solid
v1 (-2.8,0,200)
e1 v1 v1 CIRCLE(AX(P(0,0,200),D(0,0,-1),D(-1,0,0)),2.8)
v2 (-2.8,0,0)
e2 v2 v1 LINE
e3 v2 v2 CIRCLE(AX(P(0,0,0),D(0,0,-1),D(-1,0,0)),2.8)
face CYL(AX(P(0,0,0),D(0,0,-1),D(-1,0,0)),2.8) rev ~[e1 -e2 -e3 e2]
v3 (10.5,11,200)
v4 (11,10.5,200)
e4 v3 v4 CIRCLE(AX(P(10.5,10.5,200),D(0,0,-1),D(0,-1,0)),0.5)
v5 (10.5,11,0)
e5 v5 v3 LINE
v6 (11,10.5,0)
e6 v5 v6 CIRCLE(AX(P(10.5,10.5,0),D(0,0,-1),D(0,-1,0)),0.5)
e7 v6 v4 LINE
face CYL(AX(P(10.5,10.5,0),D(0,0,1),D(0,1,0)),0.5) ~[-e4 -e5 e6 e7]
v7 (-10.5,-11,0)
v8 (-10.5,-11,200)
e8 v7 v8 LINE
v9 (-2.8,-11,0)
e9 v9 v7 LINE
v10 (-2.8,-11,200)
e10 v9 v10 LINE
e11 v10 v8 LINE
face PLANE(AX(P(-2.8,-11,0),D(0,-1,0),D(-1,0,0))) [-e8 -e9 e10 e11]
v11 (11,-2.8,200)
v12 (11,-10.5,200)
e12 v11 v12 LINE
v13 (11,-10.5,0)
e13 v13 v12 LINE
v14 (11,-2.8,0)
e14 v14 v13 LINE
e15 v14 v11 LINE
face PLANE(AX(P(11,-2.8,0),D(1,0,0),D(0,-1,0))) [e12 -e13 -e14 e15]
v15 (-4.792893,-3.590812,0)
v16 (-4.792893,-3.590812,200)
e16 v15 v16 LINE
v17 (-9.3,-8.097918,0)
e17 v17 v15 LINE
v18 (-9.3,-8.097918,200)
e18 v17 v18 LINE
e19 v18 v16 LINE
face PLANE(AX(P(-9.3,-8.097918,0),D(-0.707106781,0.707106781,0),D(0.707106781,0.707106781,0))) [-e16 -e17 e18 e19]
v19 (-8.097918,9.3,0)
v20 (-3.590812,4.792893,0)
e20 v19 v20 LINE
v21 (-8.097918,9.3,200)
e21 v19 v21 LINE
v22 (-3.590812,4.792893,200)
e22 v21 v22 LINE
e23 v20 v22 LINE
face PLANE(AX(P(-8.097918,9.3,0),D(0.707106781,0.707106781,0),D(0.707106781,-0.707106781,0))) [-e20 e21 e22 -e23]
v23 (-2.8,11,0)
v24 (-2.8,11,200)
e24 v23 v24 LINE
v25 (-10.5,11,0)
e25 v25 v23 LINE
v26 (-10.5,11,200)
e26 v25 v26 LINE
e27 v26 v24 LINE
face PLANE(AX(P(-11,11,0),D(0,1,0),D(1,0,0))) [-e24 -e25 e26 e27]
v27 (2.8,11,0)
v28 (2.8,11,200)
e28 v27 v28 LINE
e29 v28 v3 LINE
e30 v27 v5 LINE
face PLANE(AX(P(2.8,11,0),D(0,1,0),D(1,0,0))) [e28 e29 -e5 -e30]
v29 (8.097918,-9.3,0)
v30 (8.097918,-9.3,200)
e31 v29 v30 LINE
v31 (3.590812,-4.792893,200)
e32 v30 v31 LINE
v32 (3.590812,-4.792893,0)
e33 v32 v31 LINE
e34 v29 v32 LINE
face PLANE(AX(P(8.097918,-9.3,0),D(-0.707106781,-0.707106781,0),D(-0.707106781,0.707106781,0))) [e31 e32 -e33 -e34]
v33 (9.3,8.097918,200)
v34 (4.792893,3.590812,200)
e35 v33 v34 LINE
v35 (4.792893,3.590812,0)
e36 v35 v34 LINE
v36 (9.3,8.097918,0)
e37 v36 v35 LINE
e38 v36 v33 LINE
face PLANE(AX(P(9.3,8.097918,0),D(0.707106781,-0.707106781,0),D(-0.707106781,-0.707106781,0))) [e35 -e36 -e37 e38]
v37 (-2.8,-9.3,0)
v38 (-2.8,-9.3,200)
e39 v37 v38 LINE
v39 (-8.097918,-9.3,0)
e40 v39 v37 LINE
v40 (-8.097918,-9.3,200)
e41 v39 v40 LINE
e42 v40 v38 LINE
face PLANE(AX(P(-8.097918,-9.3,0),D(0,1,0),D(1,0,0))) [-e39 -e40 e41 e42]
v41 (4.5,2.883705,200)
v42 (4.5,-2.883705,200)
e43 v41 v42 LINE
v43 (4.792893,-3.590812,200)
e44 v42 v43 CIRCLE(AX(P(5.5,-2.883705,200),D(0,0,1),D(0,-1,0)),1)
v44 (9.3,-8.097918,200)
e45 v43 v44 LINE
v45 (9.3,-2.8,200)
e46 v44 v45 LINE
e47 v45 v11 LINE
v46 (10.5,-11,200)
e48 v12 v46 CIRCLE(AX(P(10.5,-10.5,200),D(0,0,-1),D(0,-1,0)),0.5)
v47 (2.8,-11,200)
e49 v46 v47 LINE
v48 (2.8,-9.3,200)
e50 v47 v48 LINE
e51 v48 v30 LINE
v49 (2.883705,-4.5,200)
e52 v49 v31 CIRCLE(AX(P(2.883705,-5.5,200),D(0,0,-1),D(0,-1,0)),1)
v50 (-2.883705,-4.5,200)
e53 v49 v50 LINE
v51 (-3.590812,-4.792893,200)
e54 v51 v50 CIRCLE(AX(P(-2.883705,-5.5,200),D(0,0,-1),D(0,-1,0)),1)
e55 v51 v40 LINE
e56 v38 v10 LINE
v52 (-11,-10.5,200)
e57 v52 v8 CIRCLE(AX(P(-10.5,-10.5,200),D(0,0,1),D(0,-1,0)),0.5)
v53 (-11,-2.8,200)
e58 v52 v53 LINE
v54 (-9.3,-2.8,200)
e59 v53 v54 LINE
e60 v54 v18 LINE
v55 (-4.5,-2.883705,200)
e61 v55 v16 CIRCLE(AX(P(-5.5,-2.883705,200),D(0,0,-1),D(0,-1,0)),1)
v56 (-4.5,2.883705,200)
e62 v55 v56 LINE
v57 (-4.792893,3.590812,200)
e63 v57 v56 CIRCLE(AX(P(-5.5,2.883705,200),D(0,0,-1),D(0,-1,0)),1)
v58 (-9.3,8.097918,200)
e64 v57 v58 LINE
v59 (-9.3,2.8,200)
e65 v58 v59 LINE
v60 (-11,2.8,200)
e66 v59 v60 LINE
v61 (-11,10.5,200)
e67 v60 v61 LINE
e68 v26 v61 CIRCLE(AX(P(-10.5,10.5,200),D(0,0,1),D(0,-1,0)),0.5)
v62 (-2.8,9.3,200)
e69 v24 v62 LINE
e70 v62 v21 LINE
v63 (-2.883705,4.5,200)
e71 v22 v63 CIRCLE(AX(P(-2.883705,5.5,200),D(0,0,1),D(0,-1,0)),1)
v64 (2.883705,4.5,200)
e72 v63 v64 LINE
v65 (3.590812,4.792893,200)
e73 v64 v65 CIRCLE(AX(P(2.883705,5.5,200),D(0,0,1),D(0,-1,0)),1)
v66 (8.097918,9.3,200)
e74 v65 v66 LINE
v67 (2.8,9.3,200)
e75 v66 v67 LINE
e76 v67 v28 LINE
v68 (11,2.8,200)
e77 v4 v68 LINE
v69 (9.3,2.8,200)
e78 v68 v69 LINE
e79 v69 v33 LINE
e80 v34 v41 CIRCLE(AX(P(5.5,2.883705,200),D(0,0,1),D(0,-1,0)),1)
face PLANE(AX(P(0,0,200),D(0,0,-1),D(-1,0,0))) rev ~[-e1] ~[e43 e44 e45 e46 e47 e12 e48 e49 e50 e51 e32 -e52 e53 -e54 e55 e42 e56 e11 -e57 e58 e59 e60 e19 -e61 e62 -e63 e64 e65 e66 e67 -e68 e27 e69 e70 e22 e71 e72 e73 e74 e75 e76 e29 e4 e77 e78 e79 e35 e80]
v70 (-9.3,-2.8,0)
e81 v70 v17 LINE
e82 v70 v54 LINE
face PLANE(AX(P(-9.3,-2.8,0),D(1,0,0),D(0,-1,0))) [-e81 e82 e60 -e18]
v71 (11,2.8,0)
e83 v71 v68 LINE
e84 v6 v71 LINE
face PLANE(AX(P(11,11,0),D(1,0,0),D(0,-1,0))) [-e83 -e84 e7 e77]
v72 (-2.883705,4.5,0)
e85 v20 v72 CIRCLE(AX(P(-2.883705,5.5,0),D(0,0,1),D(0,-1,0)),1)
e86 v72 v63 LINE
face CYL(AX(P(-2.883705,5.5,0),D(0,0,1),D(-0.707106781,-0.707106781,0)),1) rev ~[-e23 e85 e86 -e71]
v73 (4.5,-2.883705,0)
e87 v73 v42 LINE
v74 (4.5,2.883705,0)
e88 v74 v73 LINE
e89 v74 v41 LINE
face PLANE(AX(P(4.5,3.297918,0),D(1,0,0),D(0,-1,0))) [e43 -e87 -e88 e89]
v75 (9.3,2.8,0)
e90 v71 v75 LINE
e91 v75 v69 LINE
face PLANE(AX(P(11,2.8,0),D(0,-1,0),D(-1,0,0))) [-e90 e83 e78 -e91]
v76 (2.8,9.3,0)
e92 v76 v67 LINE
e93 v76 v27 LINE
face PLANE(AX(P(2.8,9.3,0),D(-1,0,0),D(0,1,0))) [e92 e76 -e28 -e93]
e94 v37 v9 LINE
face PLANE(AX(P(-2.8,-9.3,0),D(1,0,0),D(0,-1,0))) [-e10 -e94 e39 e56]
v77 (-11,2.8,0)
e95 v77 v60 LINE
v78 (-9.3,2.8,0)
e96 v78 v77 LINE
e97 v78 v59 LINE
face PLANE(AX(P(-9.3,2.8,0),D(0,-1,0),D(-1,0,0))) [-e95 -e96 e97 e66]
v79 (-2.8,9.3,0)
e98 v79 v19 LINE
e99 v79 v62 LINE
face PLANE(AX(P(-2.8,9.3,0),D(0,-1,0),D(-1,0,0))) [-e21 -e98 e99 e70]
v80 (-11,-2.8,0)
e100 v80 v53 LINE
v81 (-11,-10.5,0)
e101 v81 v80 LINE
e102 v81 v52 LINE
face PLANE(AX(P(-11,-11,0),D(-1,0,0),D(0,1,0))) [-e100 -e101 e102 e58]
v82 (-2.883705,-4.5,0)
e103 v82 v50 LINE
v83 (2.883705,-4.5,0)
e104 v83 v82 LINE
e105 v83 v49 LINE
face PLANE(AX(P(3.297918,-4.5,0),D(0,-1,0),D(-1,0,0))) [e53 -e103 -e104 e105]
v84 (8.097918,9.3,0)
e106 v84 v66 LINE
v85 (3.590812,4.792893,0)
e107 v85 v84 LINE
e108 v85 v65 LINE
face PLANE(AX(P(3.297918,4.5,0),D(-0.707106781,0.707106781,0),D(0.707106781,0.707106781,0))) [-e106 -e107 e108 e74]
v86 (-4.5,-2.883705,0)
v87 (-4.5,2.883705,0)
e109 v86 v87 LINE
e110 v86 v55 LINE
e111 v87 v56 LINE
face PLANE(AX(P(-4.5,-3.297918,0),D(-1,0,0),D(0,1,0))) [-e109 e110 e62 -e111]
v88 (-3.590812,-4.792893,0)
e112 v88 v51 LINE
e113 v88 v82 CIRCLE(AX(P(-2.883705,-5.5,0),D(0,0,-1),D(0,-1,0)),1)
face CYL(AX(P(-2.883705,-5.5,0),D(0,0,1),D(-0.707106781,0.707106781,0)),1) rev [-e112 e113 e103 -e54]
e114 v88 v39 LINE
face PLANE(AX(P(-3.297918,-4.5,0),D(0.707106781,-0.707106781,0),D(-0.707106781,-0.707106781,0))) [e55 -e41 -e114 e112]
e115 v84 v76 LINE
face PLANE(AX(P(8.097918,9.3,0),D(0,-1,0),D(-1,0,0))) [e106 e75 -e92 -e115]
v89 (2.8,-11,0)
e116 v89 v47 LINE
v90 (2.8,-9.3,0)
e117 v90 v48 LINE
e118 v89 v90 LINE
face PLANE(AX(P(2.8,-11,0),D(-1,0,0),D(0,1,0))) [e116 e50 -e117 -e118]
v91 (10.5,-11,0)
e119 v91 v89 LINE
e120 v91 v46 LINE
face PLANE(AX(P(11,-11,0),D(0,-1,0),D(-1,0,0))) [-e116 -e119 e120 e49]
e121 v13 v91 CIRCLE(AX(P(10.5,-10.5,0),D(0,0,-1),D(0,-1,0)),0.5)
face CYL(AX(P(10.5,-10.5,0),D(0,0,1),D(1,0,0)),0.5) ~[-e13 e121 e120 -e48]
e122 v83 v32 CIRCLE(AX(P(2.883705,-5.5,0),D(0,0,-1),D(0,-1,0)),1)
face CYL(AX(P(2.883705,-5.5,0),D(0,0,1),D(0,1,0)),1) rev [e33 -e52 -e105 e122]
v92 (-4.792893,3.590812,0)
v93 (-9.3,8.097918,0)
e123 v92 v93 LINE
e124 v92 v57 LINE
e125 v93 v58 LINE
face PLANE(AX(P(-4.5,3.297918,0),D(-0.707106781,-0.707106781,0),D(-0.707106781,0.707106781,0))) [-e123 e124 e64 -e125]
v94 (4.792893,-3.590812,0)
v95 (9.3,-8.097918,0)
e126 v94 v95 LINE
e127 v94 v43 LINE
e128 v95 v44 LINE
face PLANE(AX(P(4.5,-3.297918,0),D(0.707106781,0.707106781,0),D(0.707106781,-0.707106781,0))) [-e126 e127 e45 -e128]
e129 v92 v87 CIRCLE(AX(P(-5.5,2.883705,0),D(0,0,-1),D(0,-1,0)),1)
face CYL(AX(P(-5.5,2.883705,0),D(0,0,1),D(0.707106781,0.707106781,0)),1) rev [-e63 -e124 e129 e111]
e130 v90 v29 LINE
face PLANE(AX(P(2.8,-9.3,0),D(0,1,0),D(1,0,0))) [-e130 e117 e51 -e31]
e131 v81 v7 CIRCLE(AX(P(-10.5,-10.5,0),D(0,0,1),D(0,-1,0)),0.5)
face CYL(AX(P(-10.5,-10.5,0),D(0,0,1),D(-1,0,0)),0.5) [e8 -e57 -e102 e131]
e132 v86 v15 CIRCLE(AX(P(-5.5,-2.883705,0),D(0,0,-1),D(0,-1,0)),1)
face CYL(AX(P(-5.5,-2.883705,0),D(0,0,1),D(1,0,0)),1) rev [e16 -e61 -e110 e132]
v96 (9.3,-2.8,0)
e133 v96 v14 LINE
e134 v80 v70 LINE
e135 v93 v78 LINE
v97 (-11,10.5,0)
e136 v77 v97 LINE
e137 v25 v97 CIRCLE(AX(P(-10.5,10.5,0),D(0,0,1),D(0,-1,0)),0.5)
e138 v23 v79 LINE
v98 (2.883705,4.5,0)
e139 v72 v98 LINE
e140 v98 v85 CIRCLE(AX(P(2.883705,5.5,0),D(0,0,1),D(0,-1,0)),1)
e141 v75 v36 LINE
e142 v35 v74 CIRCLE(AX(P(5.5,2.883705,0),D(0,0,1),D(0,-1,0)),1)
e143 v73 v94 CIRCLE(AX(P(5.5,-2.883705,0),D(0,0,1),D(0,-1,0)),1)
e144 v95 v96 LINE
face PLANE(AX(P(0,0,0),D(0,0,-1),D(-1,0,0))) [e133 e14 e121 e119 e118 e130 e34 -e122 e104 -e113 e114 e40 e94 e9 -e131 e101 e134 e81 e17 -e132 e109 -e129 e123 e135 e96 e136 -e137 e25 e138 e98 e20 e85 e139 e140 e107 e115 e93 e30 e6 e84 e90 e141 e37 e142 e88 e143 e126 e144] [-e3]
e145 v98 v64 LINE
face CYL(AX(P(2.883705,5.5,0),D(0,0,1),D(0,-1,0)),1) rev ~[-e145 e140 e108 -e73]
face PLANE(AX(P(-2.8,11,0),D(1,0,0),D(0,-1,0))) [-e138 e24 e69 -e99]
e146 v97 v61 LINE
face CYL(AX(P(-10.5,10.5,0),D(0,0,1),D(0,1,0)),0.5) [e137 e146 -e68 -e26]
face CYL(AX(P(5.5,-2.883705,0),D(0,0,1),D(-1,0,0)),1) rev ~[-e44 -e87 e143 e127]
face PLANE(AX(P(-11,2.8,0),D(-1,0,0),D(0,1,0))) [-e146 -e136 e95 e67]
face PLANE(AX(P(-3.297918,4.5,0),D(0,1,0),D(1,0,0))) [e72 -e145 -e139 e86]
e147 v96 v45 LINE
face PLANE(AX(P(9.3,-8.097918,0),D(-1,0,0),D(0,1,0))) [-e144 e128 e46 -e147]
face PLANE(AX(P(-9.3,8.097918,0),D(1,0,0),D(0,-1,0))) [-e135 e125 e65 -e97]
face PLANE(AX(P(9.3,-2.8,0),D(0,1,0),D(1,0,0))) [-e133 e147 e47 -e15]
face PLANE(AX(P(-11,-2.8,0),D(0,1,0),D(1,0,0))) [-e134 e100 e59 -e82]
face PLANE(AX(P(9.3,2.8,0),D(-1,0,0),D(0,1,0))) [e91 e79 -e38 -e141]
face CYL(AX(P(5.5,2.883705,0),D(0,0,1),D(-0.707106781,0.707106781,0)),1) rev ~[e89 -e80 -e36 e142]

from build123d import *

# Parameters (mm, degrees)
EXTRUSION1_DEPTH        = 200
ESQUISSE2_R             = 2.8
ENL_V_MAT_EXTRU_1_DEPTH = 201
CONG_1_R                = 0.5
CONG_2_R                = 1


with BuildPart() as part:
    # Esquisse1 → Extrusion1 (new body)
    with BuildSketch(Plane.XY):
        Polygon((-2.8, 11), (-2.8, 9.3), (-8.097918472, 9.3), (-3.297918472, 4.5), (3.297918472, 4.5), (8.097918472, 9.3), (2.8, 9.3), (2.8, 11), (11, 11), (11, 2.8), (9.3, 2.8), (9.3, 8.097918472), (4.5, 3.297918472), (4.5, -3.297918472), (9.3, -8.097918472), (9.3, -2.8), (11, -2.8), (11, -11), (2.8, -11), (2.8, -9.3), (8.097918472, -9.3), (3.297918472, -4.5), (-3.297918472, -4.5), (-8.097918472, -9.3), (-2.8, -9.3), (-2.8, -11), (-11, -11), (-11, -2.8), (-9.3, -2.8), (-9.3, -8.097918472), (-4.5, -3.297918472), (-4.5, 3.297918472), (-9.3, 8.097918472), (-9.3, 2.8), (-11, 2.8), (-11, 11), align=None)
    extrude(amount=EXTRUSION1_DEPTH)

    # Esquisse2 → Enlèv. mat.-Extru.1 (cut, through all)
    with BuildSketch(Plane(origin=(0, 0, 0), x_dir=(-1, 0, 0), z_dir=(0, 0, -1))):
        Circle(ESQUISSE2_R)
    extrude(amount=-ENL_V_MAT_EXTRU_1_DEPTH, mode=Mode.SUBTRACT)

    # Congé1
    cong_1_edges = [part.edges().sort_by_distance(p)[0] for p in [
        (-11, 11, 100),
        (11, 11, 100),
        (11, -11, 100),
        (-11, -11, 100),
    ]]
    fillet(cong_1_edges, radius=CONG_1_R)

    # Congé2
    cong_2_edges = [part.edges().sort_by_distance(p)[0] for p in [
        (-4.5, -3.297918472, 100),
        (-4.5, 3.297918472, 100),
        (-3.297918472, 4.5, 100),
        (3.297918472, 4.5, 100),
        (4.5, 3.297918472, 100),
        (4.5, -3.297918472, 100),
        (3.297918472, -4.5, 100),
        (-3.297918472, -4.5, 100),
    ]]
    fillet(cong_2_edges, radius=CONG_2_R)


solid = part.part
